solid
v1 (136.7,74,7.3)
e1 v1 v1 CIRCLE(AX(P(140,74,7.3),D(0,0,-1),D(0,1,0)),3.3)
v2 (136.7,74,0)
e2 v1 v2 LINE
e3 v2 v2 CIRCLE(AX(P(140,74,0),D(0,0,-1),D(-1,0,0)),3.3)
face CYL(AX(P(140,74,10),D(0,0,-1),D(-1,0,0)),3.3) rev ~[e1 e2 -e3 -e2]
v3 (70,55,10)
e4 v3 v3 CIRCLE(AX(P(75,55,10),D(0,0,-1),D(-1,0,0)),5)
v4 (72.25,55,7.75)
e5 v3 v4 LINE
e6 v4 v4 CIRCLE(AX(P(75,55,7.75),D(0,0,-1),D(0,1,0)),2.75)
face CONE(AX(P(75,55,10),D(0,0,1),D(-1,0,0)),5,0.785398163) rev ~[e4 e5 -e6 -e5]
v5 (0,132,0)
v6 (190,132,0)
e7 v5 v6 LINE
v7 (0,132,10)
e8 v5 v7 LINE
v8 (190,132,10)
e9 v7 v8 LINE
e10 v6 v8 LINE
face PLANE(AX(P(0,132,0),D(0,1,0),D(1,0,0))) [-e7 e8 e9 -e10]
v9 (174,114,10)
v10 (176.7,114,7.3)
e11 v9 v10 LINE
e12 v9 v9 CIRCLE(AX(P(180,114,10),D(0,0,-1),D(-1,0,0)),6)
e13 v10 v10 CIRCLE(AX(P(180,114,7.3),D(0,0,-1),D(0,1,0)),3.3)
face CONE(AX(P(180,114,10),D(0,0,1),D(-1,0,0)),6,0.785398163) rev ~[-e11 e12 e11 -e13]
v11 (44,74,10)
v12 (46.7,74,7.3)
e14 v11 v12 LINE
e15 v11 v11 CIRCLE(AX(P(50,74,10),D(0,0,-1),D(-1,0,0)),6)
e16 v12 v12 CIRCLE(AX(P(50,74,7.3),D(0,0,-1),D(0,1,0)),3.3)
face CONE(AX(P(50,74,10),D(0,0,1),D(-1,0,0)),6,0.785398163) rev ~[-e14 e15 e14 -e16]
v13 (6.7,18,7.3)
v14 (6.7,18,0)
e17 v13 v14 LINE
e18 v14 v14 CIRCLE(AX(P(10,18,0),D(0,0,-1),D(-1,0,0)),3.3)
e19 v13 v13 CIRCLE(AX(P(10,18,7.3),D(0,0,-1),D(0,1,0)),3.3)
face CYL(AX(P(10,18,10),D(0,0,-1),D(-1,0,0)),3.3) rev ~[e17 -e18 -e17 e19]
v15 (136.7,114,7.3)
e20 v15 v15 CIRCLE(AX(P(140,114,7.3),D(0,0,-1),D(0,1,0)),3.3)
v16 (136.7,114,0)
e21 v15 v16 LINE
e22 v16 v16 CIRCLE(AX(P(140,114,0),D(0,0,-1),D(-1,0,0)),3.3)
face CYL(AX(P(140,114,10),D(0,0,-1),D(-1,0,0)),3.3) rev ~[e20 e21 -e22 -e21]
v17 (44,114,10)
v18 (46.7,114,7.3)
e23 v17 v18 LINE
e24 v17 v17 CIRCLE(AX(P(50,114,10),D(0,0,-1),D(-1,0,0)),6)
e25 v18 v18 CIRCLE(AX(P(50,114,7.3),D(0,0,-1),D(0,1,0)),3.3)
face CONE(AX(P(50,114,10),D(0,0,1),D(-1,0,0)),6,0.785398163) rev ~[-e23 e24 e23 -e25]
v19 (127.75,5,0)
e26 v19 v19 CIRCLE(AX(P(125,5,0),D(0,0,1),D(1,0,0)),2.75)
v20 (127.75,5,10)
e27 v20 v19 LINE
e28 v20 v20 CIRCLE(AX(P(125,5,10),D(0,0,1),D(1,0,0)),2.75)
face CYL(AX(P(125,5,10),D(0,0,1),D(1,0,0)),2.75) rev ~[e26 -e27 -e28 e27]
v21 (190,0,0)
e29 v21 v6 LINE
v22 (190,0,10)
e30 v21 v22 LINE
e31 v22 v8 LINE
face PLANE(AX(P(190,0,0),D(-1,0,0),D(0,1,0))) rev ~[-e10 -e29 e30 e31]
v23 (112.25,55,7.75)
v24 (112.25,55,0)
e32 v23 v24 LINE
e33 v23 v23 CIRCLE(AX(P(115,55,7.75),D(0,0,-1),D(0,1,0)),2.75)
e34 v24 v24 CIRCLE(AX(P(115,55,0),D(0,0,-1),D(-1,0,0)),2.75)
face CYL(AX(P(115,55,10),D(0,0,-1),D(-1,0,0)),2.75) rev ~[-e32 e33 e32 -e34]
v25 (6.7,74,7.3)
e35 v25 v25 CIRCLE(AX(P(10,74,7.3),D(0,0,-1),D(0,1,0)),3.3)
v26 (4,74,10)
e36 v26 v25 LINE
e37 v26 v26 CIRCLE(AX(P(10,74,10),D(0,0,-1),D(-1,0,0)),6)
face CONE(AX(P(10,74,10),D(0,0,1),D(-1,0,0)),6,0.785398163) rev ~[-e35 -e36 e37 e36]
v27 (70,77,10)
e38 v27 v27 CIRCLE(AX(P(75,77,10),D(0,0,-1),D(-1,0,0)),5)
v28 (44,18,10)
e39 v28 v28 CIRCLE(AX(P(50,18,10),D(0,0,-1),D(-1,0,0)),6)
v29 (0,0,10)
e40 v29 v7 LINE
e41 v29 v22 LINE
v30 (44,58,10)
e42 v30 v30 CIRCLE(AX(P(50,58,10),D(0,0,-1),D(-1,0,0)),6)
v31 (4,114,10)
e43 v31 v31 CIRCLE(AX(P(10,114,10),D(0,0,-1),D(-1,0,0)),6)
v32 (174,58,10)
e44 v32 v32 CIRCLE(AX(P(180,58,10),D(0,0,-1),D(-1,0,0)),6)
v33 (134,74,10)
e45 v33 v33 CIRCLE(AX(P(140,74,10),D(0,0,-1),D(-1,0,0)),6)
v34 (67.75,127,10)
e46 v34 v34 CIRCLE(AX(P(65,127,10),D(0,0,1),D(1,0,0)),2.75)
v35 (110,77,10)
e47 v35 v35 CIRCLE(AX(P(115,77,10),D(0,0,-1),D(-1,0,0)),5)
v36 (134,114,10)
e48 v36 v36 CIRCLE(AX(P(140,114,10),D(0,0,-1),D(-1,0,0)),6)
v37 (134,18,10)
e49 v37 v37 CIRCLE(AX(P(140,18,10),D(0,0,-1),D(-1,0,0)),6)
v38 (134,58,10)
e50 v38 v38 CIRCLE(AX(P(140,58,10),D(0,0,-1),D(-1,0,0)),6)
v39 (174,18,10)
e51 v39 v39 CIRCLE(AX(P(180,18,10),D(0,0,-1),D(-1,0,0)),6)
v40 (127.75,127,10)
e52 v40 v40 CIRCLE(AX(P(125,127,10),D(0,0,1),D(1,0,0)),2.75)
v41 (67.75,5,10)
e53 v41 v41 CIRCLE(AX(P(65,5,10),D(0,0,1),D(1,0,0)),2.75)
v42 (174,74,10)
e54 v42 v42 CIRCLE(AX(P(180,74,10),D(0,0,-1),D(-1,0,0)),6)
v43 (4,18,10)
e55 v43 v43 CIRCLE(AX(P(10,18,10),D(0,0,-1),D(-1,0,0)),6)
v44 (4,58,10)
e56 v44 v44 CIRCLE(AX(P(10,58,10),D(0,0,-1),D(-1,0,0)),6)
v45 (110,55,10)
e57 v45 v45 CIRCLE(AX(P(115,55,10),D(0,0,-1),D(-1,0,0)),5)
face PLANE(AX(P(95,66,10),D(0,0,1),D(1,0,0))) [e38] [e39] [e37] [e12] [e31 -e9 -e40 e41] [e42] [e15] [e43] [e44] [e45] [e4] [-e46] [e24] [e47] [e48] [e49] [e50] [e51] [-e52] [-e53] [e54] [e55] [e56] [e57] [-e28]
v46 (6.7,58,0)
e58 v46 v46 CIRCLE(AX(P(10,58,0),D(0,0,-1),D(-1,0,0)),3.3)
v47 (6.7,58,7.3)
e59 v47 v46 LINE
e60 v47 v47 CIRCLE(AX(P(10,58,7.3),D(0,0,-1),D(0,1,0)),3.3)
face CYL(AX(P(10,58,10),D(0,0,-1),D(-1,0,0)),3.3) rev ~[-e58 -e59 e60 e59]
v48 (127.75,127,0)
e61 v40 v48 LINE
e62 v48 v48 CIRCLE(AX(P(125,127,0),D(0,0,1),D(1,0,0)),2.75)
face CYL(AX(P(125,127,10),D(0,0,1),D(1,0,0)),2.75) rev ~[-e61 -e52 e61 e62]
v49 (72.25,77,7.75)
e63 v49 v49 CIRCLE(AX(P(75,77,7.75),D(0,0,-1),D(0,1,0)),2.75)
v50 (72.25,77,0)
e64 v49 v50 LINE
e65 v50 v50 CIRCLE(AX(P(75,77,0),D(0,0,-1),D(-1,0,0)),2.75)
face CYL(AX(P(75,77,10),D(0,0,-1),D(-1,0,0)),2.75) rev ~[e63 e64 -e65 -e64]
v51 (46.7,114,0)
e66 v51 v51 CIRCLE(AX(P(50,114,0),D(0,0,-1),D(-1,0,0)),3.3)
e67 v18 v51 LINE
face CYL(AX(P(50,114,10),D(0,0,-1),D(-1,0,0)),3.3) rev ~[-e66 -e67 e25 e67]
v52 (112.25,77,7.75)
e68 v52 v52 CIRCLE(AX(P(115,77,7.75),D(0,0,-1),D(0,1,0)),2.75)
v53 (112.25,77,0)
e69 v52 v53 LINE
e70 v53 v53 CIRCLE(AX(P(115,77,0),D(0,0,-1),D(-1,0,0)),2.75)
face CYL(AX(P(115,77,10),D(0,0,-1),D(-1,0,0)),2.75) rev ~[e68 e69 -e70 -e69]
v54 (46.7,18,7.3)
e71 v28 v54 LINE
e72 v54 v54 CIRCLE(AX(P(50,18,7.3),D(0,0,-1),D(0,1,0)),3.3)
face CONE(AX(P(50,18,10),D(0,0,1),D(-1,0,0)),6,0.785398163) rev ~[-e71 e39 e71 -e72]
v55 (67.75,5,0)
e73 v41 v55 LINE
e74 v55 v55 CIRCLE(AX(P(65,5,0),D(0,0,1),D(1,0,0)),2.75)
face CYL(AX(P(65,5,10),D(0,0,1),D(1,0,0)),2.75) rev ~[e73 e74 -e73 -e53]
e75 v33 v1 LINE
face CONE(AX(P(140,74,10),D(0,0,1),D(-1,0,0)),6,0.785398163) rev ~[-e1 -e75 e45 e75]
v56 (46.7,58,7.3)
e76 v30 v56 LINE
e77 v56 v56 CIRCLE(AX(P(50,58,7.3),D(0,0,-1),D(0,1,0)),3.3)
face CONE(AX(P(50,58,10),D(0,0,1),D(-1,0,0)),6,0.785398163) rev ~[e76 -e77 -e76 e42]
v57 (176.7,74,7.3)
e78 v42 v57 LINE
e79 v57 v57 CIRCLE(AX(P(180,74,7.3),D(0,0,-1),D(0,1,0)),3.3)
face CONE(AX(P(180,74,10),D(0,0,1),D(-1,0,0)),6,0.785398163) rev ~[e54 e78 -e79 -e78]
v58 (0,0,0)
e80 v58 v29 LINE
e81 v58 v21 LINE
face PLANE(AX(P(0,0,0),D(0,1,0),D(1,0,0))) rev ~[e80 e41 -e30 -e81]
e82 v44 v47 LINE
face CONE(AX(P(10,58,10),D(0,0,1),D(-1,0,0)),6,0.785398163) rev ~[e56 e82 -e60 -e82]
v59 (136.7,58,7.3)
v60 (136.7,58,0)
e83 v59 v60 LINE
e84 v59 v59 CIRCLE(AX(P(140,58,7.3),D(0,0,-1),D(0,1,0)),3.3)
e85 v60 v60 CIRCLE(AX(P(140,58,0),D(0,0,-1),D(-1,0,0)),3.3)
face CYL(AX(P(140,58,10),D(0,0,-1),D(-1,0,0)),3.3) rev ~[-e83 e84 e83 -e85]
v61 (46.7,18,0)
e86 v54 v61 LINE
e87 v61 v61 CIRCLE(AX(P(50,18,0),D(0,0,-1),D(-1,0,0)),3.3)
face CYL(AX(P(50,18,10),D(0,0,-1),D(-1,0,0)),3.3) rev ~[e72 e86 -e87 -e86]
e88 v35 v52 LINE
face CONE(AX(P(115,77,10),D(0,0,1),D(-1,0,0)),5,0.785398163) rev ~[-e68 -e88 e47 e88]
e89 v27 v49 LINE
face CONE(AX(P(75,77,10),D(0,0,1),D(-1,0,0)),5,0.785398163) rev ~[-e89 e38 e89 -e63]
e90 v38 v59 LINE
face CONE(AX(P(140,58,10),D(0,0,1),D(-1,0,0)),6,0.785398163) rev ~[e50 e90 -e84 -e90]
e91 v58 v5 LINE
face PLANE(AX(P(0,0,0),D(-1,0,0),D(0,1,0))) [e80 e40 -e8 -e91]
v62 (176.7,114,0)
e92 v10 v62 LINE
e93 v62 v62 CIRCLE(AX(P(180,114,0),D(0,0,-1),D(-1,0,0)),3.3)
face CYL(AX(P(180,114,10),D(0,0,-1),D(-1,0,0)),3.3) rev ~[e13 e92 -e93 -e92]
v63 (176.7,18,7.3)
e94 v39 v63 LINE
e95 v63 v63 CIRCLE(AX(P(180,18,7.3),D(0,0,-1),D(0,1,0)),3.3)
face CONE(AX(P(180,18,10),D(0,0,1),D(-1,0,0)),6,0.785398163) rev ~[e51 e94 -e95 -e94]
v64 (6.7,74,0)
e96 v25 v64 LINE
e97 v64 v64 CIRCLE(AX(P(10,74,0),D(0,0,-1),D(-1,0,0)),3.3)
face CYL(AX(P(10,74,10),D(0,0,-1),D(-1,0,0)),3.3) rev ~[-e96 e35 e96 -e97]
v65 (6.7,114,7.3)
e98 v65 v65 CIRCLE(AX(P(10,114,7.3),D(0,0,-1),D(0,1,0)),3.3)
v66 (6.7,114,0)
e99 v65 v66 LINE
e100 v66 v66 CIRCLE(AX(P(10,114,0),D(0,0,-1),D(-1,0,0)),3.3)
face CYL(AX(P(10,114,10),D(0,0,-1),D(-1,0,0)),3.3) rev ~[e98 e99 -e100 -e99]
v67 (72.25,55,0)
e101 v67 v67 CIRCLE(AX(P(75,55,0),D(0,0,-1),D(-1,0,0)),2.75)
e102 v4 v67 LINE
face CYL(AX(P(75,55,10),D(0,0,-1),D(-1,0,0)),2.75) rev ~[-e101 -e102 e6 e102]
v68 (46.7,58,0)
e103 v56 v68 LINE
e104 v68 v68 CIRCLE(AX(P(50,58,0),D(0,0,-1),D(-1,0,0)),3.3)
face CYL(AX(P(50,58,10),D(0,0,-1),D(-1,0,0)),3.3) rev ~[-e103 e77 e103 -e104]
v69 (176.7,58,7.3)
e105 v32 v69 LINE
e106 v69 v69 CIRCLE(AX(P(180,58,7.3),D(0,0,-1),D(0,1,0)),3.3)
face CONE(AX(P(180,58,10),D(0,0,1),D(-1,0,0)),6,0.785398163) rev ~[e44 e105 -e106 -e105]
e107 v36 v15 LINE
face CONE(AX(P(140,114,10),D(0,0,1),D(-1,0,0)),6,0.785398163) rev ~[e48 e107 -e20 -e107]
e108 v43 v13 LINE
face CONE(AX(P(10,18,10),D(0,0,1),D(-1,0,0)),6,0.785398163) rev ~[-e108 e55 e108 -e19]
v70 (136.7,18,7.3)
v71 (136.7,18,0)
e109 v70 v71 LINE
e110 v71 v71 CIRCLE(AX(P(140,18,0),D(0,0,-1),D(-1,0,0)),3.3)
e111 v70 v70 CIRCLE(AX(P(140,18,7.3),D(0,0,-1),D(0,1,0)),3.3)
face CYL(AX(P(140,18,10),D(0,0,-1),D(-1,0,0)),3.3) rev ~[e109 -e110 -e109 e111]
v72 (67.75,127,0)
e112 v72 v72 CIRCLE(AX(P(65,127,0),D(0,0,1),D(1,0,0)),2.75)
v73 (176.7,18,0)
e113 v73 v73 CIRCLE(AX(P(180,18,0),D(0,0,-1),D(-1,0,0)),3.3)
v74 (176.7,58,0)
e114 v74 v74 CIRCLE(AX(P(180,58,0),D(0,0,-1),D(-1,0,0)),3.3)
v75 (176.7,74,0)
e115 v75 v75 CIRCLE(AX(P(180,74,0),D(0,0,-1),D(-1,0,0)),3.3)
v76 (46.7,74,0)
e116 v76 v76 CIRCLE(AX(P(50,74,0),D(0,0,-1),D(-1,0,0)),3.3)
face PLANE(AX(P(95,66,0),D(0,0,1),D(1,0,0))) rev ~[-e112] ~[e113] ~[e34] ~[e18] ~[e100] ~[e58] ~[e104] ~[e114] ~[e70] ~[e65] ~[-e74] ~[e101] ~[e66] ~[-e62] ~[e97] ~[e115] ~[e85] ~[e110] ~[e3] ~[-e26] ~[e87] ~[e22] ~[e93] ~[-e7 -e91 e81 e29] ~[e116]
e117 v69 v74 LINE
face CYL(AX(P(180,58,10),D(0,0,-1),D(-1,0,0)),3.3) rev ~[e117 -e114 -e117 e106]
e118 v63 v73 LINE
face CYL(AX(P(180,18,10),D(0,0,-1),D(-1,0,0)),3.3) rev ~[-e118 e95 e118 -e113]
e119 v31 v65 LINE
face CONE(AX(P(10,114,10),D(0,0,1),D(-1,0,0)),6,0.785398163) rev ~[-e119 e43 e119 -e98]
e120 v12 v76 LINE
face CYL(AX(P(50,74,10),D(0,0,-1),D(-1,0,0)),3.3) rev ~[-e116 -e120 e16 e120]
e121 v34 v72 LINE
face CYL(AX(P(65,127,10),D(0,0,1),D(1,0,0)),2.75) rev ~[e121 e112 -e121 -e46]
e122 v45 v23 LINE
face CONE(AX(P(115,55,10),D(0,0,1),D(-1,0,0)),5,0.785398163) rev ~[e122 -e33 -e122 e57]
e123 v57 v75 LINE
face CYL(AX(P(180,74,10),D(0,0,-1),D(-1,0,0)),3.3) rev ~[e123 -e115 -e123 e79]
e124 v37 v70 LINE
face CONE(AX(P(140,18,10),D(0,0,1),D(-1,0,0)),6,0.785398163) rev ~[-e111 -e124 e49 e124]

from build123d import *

# Parameters (mm, degrees)
SKETCH_W               = 190
SKETCH_H               = 132
PAD_DEPTH              = 10
SKETCH001_R            = 2.75
HOLE_DEPTH             = 10.001
LINEARPATTERN_COUNT    = 2
LINEARPATTERN_PITCH    = 60
LINEARPATTERN001_COUNT = 2
LINEARPATTERN001_PITCH = 122
HOLE001_D              = 6.6
HOLE001_CSINK_D        = 12
HOLE001_CSINK_ANGLE    = 90
LINEARPATTERN002_COUNT = 2
LINEARPATTERN002_PITCH = 40
LINEARPATTERN003_COUNT = 2
LINEARPATTERN003_PITCH = 170
LINEARPATTERN004_COUNT = 2
LINEARPATTERN004_PITCH = 130
HOLE002_D              = 6.6
HOLE002_CSINK_D        = 12
HOLE002_CSINK_ANGLE    = 90
LINEARPATTERN005_COUNT = 2
LINEARPATTERN005_PITCH = 40
LINEARPATTERN006_COUNT = 2
LINEARPATTERN006_PITCH = 130
LINEARPATTERN007_COUNT = 2
LINEARPATTERN007_PITCH = 170
HOLE003_D              = 6.6
HOLE003_CSINK_D        = 12
HOLE003_CSINK_ANGLE    = 90
LINEARPATTERN008_COUNT = 2
LINEARPATTERN008_PITCH = 40
LINEARPATTERN009_COUNT = 2
LINEARPATTERN009_PITCH = 130
LINEARPATTERN010_COUNT = 2
LINEARPATTERN010_PITCH = 170
SKETCH005_R            = 2.75
HOLE004_DEPTH          = 10.001
HOLE005_D              = 6.6
HOLE005_CSINK_D        = 12
HOLE005_CSINK_ANGLE    = 90
LINEARPATTERN011_COUNT = 2
LINEARPATTERN011_PITCH = 40
LINEARPATTERN012_COUNT = 2
LINEARPATTERN012_PITCH = 130
LINEARPATTERN013_COUNT = 2
LINEARPATTERN013_PITCH = 170
HOLE006_D              = 5.5
HOLE006_CSINK_D        = 10
HOLE006_CSINK_ANGLE    = 90
LINEARPATTERN014_COUNT = 2
LINEARPATTERN014_PITCH = 40
LINEARPATTERN015_COUNT = 2
LINEARPATTERN015_PITCH = 22
HOLE007_D              = 5.5
HOLE007_CSINK_D        = 10
HOLE007_CSINK_ANGLE    = 90


with BuildPart() as part:
    # Sketch → Pad (new body)
    with BuildSketch(Plane.XY):
        with Locations((95, 66)):
            Rectangle(SKETCH_W, SKETCH_H)
    extrude(amount=PAD_DEPTH)

    # Sketch001 (on Face6 of Pad) → Hole (cut, through all)
    with BuildSketch(Plane.XY.offset(10)):
        with Locations((65, 5)):
            Circle(SKETCH001_R)
    hole = extrude(amount=-HOLE_DEPTH, mode=Mode.SUBTRACT)

    # LinearPattern: Hole ×2
    with Locations(*[(i * LINEARPATTERN_PITCH, 0, 0) for i in range(1, LINEARPATTERN_COUNT)]):
        add(hole, mode=Mode.SUBTRACT)

    # LinearPattern001: Hole ×2
    with Locations(*[(0, i * LINEARPATTERN001_PITCH, 0) for i in range(1, LINEARPATTERN001_COUNT)]):
        add(hole, mode=Mode.SUBTRACT)

    # Hole001 (through all)
    with Locations(Plane.XY.offset(10)):
        with Locations((10, 18)):
            hole001 = CounterSinkHole(HOLE001_D / 2, HOLE001_CSINK_D / 2, counter_sink_angle=HOLE001_CSINK_ANGLE)

    # LinearPattern002: Hole001 ×2
    with Locations(*[(i * LINEARPATTERN002_PITCH, 0, 0) for i in range(1, LINEARPATTERN002_COUNT)]):
        add(hole001, mode=Mode.SUBTRACT)

    # LinearPattern003: Hole001 ×2
    with Locations(*[(i * LINEARPATTERN003_PITCH, 0, 0) for i in range(1, LINEARPATTERN003_COUNT)]):
        add(hole001, mode=Mode.SUBTRACT)

    # LinearPattern004: Hole001 ×2
    with Locations(*[(i * LINEARPATTERN004_PITCH, 0, 0) for i in range(1, LINEARPATTERN004_COUNT)]):
        add(hole001, mode=Mode.SUBTRACT)

    # Hole002 (through all)
    with Locations(Plane.XY.offset(10)):
        with Locations((10, 58)):
            hole002 = CounterSinkHole(HOLE002_D / 2, HOLE002_CSINK_D / 2, counter_sink_angle=HOLE002_CSINK_ANGLE)

    # LinearPattern005: Hole002 ×2
    with Locations(*[(i * LINEARPATTERN005_PITCH, 0, 0) for i in range(1, LINEARPATTERN005_COUNT)]):
        add(hole002, mode=Mode.SUBTRACT)

    # LinearPattern006: Hole002 ×2
    with Locations(*[(i * LINEARPATTERN006_PITCH, 0, 0) for i in range(1, LINEARPATTERN006_COUNT)]):
        add(hole002, mode=Mode.SUBTRACT)

    # LinearPattern007: Hole002 ×2
    with Locations(*[(i * LINEARPATTERN007_PITCH, 0, 0) for i in range(1, LINEARPATTERN007_COUNT)]):
        add(hole002, mode=Mode.SUBTRACT)

    # Hole003 (through all)
    with Locations(Plane.XY.offset(10)):
        with Locations((10, 114)):
            hole003 = CounterSinkHole(HOLE003_D / 2, HOLE003_CSINK_D / 2, counter_sink_angle=HOLE003_CSINK_ANGLE)

    # LinearPattern008: Hole003 ×2
    with Locations(*[(i * LINEARPATTERN008_PITCH, 0, 0) for i in range(1, LINEARPATTERN008_COUNT)]):
        add(hole003, mode=Mode.SUBTRACT)

    # LinearPattern009: Hole003 ×2
    with Locations(*[(i * LINEARPATTERN009_PITCH, 0, 0) for i in range(1, LINEARPATTERN009_COUNT)]):
        add(hole003, mode=Mode.SUBTRACT)

    # LinearPattern010: Hole003 ×2
    with Locations(*[(i * LINEARPATTERN010_PITCH, 0, 0) for i in range(1, LINEARPATTERN010_COUNT)]):
        add(hole003, mode=Mode.SUBTRACT)

    # Sketch005 (on Face5 of LinearPattern010) → Hole004 (cut, through all)
    with BuildSketch(Plane.XY.offset(10)):
        with Locations((125, 127)):
            Circle(SKETCH005_R)
    extrude(amount=-HOLE004_DEPTH, mode=Mode.SUBTRACT)

    # Hole005 (through all)
    with Locations(Plane.XY.offset(10)):
        with Locations((10, 74)):
            hole005 = CounterSinkHole(HOLE005_D / 2, HOLE005_CSINK_D / 2, counter_sink_angle=HOLE005_CSINK_ANGLE)

    # LinearPattern011: Hole005 ×2
    with Locations(*[(i * LINEARPATTERN011_PITCH, 0, 0) for i in range(1, LINEARPATTERN011_COUNT)]):
        add(hole005, mode=Mode.SUBTRACT)

    # LinearPattern012: Hole005 ×2
    with Locations(*[(i * LINEARPATTERN012_PITCH, 0, 0) for i in range(1, LINEARPATTERN012_COUNT)]):
        add(hole005, mode=Mode.SUBTRACT)

    # LinearPattern013: Hole005 ×2
    with Locations(*[(i * LINEARPATTERN013_PITCH, 0, 0) for i in range(1, LINEARPATTERN013_COUNT)]):
        add(hole005, mode=Mode.SUBTRACT)

    # Hole006 (through all)
    with Locations(Plane.XY.offset(10)):
        with Locations((75, 55)):
            hole006 = CounterSinkHole(HOLE006_D / 2, HOLE006_CSINK_D / 2, counter_sink_angle=HOLE006_CSINK_ANGLE)

    # LinearPattern014: Hole006 ×2
    with Locations(*[(i * LINEARPATTERN014_PITCH, 0, 0) for i in range(1, LINEARPATTERN014_COUNT)]):
        add(hole006, mode=Mode.SUBTRACT)

    # LinearPattern015: Hole006 ×2
    with Locations(*[(0, i * LINEARPATTERN015_PITCH, 0) for i in range(1, LINEARPATTERN015_COUNT)]):
        add(hole006, mode=Mode.SUBTRACT)

    # Hole007 (through all)
    with Locations(Plane.XY.offset(10)):
        with Locations((115, 77)):
            CounterSinkHole(HOLE007_D / 2, HOLE007_CSINK_D / 2, counter_sink_angle=HOLE007_CSINK_ANGLE)


solid = part.part
